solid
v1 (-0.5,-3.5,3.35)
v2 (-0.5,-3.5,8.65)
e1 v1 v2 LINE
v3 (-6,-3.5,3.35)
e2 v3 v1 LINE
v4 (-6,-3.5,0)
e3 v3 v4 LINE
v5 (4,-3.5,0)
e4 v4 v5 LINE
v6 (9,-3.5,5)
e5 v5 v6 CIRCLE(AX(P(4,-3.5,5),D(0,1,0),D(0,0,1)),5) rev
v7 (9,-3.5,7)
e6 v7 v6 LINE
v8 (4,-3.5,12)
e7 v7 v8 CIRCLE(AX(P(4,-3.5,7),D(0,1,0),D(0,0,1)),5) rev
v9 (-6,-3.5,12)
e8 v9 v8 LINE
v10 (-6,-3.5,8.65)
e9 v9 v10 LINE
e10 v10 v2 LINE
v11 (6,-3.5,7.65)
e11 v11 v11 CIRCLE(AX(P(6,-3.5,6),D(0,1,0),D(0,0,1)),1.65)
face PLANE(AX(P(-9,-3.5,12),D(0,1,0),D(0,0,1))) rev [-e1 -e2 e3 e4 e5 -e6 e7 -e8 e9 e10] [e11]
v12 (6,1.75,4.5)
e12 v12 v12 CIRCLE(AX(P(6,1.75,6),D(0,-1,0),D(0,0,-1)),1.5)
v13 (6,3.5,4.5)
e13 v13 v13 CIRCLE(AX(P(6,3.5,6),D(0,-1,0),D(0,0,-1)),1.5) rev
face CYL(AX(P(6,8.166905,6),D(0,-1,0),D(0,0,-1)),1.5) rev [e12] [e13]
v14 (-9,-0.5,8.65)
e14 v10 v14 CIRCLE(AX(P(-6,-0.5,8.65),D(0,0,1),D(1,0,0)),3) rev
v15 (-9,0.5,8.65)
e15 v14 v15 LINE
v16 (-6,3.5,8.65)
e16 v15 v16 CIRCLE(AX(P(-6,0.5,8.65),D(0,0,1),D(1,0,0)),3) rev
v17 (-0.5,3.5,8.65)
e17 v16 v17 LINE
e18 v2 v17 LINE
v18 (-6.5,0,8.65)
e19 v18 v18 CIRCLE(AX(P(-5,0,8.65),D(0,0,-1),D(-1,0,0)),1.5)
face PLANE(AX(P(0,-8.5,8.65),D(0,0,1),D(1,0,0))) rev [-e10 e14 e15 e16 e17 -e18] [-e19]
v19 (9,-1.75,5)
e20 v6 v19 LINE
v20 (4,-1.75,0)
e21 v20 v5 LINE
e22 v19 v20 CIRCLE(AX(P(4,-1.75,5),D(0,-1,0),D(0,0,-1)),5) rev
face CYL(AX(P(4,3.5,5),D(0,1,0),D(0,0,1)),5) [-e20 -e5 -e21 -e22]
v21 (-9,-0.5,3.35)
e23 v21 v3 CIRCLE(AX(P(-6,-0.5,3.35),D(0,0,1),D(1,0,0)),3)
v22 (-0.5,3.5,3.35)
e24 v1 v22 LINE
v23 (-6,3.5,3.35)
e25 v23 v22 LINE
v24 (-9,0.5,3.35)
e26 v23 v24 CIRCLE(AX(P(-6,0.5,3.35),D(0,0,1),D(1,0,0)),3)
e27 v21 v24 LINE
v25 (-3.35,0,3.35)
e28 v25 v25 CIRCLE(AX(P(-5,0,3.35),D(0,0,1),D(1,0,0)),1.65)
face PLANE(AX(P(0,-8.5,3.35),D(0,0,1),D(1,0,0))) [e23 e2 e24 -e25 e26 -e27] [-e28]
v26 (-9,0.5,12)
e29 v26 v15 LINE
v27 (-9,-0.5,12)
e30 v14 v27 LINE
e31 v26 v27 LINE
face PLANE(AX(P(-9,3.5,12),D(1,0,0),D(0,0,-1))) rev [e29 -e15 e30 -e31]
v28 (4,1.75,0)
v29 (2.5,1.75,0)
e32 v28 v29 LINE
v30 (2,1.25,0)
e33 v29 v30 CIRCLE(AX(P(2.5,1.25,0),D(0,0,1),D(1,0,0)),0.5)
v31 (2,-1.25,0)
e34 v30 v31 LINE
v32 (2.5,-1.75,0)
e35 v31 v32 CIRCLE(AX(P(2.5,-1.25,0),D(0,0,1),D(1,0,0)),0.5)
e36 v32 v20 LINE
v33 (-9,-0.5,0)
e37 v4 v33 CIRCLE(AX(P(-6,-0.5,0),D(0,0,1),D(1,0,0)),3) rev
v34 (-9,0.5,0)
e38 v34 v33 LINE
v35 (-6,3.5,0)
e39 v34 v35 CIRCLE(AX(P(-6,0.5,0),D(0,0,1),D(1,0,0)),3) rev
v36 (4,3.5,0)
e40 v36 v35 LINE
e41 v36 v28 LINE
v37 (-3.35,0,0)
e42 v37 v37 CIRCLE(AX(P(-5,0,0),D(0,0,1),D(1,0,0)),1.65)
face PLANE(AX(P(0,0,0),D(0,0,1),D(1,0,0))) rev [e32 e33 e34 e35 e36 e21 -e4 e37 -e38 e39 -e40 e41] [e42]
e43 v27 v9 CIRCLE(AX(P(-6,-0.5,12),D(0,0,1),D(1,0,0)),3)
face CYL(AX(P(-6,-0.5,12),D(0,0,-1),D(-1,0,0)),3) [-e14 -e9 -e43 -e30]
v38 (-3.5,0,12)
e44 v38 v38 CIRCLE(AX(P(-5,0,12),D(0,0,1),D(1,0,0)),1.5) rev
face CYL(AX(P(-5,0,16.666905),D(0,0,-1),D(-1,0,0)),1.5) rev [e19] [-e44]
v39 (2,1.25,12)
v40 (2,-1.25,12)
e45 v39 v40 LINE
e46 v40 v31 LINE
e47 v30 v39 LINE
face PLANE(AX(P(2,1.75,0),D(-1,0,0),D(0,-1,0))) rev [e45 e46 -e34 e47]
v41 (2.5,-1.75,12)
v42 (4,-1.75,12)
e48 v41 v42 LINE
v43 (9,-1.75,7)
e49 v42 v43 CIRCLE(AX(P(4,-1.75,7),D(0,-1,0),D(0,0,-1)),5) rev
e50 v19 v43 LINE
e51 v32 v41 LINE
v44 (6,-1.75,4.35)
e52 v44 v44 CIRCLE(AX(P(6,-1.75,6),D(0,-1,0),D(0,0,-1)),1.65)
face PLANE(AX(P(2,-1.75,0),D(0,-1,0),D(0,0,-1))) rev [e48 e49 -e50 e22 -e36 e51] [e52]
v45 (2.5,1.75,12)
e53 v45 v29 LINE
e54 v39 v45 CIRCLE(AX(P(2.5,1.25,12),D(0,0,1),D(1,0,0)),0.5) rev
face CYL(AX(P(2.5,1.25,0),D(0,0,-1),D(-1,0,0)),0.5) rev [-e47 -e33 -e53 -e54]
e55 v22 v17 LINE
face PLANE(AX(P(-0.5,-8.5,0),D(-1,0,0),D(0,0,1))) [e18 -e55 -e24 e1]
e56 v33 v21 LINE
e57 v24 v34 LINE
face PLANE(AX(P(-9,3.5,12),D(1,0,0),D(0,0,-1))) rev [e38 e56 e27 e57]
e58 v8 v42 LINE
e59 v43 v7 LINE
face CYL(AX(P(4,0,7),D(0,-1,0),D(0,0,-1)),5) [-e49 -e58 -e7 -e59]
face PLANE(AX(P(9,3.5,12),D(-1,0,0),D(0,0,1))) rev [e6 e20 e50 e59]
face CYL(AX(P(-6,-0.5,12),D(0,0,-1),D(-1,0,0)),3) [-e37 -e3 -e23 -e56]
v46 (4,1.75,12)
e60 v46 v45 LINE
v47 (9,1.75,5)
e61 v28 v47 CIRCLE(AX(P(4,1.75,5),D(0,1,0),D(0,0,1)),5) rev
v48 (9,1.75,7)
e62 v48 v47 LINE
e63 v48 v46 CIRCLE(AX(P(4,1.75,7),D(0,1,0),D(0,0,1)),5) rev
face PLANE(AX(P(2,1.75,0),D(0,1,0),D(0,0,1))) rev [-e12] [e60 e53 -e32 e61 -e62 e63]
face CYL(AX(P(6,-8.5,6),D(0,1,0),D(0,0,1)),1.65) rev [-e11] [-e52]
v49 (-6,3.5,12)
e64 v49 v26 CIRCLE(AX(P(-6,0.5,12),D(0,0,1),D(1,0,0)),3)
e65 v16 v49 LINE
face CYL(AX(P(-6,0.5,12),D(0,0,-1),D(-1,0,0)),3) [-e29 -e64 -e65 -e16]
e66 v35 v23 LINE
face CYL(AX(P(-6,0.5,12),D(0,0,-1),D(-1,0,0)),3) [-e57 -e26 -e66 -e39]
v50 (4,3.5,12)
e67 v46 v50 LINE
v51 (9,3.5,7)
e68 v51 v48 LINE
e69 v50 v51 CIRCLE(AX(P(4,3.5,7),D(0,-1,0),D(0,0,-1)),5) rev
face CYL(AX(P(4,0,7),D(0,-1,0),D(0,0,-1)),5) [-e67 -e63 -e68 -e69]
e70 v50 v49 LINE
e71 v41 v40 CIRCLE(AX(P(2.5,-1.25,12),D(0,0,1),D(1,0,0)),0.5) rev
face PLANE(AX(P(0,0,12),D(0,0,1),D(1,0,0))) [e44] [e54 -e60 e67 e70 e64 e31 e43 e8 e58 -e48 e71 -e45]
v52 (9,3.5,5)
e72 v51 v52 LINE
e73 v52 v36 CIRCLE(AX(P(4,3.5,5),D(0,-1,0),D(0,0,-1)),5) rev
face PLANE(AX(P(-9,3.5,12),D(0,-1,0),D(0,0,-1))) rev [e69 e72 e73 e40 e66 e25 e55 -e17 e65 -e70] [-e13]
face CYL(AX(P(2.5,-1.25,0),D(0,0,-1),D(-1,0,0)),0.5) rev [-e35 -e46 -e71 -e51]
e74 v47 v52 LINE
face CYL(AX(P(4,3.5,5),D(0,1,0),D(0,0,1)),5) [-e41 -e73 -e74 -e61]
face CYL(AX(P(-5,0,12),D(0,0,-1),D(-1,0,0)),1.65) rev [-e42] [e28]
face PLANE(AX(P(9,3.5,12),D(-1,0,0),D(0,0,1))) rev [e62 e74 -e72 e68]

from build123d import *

# Parameters (mm, degrees)
SKETCH_1_W          = 18
SKETCH_1_H          = 7
SKETCH_1_R          = 1.65
EXTRUDE_1_DEPTH     = 12
SKETCH_2_W          = 8.5
SKETCH_2_H          = 5.3
CUT_EXTRUDE_1_DEPTH = 12
SKETCH_3_W          = 14
SKETCH_3_H          = 3.5
CUT_EXTRUDE_2_DEPTH = 12
SKETCH_4_R          = 1.65
CUT_EXTRUDE_3_DEPTH = 12
FILLET_1_R          = 5
FILLET_2_R          = 3
FILLET_3_R          = 0.5
SKETCH_6_R          = 1.65
SKETCH_6_R_2        = 1.5
EXTRUDE_2_DEPTH     = 3.35
EXTRUDE_START       = -1.75
SKETCH_7_R          = 1.65
SKETCH_7_R_2        = 1.5
EXTRUDE_3_DEPTH     = 1.75


with BuildPart() as part:
    # 草图1 → 凸台-拉伸1 (new body)
    with BuildSketch(Plane.XY):
        Rectangle(SKETCH_1_W, SKETCH_1_H)
        with Locations((-5, 0)):
            Circle(SKETCH_1_R, mode=Mode.SUBTRACT)
    extrude(amount=EXTRUDE_1_DEPTH)

    # 草图2 → 切除-拉伸1 (cut)
    with BuildSketch(Plane(origin=(0, 3.5, 0), x_dir=(1, 0, 0), z_dir=(0, 1, 0))):
        with Locations((-4.75, -6)):
            Rectangle(SKETCH_2_W, SKETCH_2_H)
    extrude(amount=-CUT_EXTRUDE_1_DEPTH, mode=Mode.SUBTRACT)

    # 草图3 → 切除-拉伸2 (cut)
    with BuildSketch(Plane.XY.offset(12)):
        with Locations((9, 0)):
            Rectangle(SKETCH_3_W, SKETCH_3_H)
    extrude(amount=-CUT_EXTRUDE_2_DEPTH, mode=Mode.SUBTRACT)

    # 草图4 → 切除-拉伸3 (cut)
    with BuildSketch(Plane(origin=(0, 3.5, 0), x_dir=(1, 0, 0), z_dir=(0, 1, 0))):
        with Locations(Location((6, -6, 0), (0, 0, 270))):
            Circle(SKETCH_4_R)
    extrude(amount=-CUT_EXTRUDE_3_DEPTH, mode=Mode.SUBTRACT)

    # 圆角1
    fillet_1_edges = [part.edges().sort_by_distance(p)[0] for p in [
        (9, 2.625, 0),
        (9, 2.625, 12),
        (9, -2.625, 12),
        (9, -2.625, 0),
    ]]
    fillet(fillet_1_edges, radius=FILLET_1_R)

    # 圆角2
    fillet_2_edges = [part.edges().sort_by_distance(p)[0] for p in [
        (-9, -3.5, 1.675),
        (-9, 3.5, 1.675),
        (-9, -3.5, 10.325),
        (-9, 3.5, 10.325),
    ]]
    fillet(fillet_2_edges, radius=FILLET_2_R)

    # 圆角3
    fillet_3_edges = [part.edges().sort_by_distance(p)[0] for p in [
        (2, 1.75, 6),
        (2, -1.75, 6),
    ]]
    fillet(fillet_3_edges, radius=FILLET_3_R)

    # 草图6 → 凸台-拉伸2 (add)
    with BuildSketch(Plane(origin=(0, 0, 8.65), x_dir=(-1, 0, 0), z_dir=(0, 0, -1))):
        with Locations(Location((5, 0, 0), (0, 0, 180))):
            Circle(SKETCH_6_R)
        with Locations((5, 0)):
            Circle(SKETCH_6_R_2, mode=Mode.SUBTRACT)
    extrude(amount=-EXTRUDE_2_DEPTH)

    # 草图7 → 凸台-拉伸3 (add)
    with BuildSketch(Plane.XZ.offset(-1.75).offset(EXTRUDE_START)):
        with Locations(Location((6, 6, 0), (0, 0, 90))):
            Circle(SKETCH_7_R)
        with Locations(Location((6, 6, 0), (0, 0, 270))):
            Circle(SKETCH_7_R_2, mode=Mode.SUBTRACT)
    extrude(amount=EXTRUDE_3_DEPTH)


solid = part.part
